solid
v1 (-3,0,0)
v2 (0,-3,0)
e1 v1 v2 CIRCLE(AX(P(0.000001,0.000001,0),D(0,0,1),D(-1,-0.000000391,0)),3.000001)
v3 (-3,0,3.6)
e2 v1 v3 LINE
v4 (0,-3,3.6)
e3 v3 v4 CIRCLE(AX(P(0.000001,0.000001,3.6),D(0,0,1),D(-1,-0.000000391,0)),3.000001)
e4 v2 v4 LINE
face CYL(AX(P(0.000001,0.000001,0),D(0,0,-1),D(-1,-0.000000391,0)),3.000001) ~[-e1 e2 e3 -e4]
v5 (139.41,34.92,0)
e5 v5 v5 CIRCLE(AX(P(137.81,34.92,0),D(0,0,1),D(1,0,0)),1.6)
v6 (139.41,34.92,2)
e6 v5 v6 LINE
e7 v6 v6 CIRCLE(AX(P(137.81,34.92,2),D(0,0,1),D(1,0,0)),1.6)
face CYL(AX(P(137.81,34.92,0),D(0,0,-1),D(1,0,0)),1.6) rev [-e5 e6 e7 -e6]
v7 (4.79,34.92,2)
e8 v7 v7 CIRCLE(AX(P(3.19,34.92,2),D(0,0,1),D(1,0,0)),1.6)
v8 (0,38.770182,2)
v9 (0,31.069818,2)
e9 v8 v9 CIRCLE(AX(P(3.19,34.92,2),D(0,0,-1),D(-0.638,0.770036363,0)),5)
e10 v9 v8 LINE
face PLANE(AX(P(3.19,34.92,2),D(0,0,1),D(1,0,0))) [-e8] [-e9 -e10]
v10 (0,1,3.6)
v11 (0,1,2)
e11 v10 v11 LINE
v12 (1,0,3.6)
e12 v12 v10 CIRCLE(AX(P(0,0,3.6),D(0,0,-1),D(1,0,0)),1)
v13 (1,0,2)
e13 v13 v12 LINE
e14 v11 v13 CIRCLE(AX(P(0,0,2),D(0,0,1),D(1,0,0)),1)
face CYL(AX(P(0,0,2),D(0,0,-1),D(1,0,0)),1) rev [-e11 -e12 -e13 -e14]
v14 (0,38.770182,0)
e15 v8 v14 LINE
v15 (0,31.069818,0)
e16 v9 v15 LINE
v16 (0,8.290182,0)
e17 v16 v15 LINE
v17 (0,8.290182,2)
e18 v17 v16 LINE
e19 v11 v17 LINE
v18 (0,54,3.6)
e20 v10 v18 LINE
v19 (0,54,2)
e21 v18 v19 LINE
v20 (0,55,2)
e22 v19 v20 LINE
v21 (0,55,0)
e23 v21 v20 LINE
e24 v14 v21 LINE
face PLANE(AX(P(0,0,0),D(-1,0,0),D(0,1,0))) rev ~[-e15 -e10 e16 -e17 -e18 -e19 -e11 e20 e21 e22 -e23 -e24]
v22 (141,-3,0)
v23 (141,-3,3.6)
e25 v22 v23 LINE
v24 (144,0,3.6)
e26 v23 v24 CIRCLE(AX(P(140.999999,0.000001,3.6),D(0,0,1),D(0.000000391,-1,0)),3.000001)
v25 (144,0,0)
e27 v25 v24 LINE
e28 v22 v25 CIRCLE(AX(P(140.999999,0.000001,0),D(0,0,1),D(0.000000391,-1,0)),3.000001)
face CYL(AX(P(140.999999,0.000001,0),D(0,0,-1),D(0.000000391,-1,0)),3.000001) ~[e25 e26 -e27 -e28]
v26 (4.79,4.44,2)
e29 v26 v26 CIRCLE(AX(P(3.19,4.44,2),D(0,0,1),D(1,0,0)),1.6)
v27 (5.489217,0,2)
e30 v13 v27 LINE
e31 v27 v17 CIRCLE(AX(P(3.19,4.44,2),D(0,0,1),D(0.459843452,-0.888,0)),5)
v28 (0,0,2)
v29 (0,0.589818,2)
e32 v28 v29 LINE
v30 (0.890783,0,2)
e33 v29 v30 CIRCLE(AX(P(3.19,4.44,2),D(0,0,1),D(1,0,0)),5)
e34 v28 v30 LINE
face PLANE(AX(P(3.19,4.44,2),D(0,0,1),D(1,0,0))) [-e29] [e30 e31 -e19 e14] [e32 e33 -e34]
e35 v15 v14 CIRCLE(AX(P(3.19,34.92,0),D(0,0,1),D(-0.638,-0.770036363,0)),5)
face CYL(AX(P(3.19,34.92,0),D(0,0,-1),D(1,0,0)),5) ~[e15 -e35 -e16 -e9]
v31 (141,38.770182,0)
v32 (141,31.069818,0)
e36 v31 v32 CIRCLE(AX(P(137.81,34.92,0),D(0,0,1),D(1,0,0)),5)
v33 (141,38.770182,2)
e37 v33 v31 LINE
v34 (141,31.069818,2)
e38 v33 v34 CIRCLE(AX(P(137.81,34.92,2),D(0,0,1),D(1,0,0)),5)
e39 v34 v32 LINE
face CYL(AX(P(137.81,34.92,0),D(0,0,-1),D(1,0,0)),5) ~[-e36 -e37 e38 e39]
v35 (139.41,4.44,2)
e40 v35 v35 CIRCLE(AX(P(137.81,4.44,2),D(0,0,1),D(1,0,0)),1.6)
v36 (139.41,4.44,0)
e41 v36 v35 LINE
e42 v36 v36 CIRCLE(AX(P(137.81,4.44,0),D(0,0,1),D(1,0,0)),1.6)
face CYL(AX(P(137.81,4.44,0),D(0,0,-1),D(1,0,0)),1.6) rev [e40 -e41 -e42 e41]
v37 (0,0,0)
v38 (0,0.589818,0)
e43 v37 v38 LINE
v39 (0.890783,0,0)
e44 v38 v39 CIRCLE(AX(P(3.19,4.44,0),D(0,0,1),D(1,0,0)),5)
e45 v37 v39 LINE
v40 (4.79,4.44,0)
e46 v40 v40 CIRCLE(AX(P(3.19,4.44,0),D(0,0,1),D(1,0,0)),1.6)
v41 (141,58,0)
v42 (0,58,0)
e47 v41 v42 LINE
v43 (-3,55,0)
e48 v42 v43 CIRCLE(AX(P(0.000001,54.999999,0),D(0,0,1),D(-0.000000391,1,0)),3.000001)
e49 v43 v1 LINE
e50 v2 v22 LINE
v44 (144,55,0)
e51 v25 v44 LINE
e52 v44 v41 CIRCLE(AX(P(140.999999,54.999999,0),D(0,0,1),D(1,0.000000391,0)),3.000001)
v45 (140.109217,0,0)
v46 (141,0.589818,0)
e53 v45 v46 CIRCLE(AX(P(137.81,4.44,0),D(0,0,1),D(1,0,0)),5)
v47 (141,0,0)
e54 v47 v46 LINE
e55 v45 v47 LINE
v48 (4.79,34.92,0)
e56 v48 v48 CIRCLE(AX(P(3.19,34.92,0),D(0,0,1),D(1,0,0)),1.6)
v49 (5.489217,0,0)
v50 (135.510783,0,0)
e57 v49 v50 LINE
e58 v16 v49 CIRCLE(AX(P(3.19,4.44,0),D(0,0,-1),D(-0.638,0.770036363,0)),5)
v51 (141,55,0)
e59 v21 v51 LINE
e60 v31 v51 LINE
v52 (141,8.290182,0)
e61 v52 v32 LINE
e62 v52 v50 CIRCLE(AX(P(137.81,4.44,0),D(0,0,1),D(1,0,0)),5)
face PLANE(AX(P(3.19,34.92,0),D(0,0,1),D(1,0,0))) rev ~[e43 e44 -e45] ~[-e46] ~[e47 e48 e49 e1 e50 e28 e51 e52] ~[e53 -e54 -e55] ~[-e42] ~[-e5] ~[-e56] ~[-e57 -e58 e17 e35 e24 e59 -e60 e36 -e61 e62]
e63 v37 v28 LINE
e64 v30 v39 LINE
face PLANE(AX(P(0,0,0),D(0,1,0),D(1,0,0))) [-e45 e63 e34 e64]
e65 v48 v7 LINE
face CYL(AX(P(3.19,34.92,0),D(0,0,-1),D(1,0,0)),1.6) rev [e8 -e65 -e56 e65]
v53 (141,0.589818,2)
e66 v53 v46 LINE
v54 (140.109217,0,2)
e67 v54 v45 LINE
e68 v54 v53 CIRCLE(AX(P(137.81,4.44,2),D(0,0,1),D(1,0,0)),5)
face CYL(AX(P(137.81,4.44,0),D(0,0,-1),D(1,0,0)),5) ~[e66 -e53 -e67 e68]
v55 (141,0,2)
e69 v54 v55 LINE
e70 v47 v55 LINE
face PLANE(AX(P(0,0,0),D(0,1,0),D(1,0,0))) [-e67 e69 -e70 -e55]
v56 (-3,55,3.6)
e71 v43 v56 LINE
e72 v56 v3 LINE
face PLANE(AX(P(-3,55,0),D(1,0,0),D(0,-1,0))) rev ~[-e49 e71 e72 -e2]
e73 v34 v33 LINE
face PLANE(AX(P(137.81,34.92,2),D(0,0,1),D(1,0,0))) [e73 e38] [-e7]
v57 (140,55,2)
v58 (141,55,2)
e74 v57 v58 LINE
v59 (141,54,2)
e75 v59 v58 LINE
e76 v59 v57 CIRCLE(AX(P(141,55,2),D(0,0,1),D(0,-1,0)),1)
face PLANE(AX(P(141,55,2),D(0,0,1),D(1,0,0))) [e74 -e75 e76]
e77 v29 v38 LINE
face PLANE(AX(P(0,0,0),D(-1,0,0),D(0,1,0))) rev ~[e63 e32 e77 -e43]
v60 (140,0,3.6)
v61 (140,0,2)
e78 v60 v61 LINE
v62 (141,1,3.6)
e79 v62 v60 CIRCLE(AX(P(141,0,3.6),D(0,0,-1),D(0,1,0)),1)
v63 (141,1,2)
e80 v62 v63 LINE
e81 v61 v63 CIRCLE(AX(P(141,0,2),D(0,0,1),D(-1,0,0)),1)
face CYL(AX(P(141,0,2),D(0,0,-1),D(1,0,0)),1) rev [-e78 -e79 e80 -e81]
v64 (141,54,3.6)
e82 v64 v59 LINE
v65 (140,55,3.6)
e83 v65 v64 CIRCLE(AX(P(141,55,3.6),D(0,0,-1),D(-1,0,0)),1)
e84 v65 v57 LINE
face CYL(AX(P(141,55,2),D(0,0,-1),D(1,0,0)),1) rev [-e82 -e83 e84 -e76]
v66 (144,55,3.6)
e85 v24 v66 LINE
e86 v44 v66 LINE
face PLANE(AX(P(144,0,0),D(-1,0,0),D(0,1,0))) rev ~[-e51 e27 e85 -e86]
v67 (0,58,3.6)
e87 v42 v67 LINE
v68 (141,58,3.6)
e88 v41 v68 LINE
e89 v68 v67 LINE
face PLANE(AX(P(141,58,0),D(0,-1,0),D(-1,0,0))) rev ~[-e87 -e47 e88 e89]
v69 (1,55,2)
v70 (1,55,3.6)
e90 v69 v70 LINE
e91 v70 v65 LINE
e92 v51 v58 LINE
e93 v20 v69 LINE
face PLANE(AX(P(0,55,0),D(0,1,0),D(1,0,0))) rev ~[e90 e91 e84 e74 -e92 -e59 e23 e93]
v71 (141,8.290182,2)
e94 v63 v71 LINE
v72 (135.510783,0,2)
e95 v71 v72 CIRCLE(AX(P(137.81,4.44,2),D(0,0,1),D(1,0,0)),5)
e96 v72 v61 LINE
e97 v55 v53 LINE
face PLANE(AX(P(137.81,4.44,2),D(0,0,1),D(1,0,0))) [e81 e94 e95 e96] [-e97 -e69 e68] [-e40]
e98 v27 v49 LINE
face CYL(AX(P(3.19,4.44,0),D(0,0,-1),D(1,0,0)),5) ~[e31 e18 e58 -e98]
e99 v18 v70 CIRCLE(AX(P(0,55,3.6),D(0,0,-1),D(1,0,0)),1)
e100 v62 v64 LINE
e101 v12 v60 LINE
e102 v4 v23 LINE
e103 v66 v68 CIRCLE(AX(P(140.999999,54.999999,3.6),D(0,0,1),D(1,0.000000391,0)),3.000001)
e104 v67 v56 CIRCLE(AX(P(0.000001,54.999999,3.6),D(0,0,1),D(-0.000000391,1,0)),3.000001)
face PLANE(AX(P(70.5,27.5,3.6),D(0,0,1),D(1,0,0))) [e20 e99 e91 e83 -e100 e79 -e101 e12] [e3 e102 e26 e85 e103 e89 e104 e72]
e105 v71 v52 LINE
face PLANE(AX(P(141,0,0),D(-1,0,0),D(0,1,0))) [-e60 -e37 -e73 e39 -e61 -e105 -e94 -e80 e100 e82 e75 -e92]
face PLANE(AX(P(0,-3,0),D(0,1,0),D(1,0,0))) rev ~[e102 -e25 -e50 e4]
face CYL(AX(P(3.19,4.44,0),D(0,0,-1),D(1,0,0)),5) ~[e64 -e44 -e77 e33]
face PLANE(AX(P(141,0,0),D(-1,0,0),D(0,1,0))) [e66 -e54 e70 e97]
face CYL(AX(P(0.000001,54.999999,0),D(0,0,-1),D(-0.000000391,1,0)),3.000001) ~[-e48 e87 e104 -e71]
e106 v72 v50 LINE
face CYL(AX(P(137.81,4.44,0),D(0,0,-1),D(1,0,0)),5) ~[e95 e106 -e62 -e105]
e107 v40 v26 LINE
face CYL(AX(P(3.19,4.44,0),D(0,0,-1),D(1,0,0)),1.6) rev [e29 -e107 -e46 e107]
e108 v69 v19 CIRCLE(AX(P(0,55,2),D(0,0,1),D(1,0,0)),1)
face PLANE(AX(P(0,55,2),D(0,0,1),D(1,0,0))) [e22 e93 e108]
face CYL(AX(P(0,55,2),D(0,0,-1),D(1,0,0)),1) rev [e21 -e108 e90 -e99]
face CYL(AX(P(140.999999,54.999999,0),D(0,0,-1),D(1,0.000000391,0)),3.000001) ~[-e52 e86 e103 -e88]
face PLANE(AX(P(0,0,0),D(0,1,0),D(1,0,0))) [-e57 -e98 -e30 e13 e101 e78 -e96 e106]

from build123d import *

# Parameters (mm, degrees)
SKETCH001_W   = 141
SKETCH001_H   = 55
PAD_DEPTH     = 3.6
SKETCH002_R   = 5
SKETCH002_R_2 = 1.6
PAD001_DEPTH  = 2
SKETCH003_R   = 1
POCKET_DEPTH  = 1.601


with BuildPart() as part:
    # Sketch001 → Pad (new body)
    with BuildSketch(Plane.XY):
        with BuildLine():
            Line((0, -3), (141, -3))
            ThreePointArc((141, -3), (143.12132, -2.12132), (144, 0))
            Line((144, 0), (144, 55))
            ThreePointArc((144, 55), (143.12132, 57.12132), (141, 58))
            Line((141, 58), (0, 58))
            ThreePointArc((0, 58), (-2.12132, 57.12132), (-3, 55))
            Line((-3, 55), (-3, 0))
            ThreePointArc((-3, 0), (-2.12132, -2.12132), (0, -3))
        make_face()
        with Locations((70.5, 27.5)):
            Rectangle(SKETCH001_W, SKETCH001_H, mode=Mode.SUBTRACT)
    extrude(amount=PAD_DEPTH)

    # Sketch002 → Pad001 (join)
    with BuildSketch(Plane.XY):
        with Locations((3.19, 34.92)):
            Circle(SKETCH002_R)
        with Locations((3.19, 34.92)):
            Circle(SKETCH002_R_2, mode=Mode.SUBTRACT)
        with Locations((3.19, 4.44)):
            Circle(SKETCH002_R)
        with Locations((3.19, 4.44)):
            Circle(SKETCH002_R_2, mode=Mode.SUBTRACT)
        with Locations((137.81, 4.44)):
            Circle(SKETCH002_R)
        with Locations((137.81, 4.44)):
            Circle(SKETCH002_R_2, mode=Mode.SUBTRACT)
        with Locations((137.81, 34.92)):
            Circle(SKETCH002_R)
        with Locations((137.81, 34.92)):
            Circle(SKETCH002_R_2, mode=Mode.SUBTRACT)
    extrude(amount=PAD001_DEPTH)

    # Sketch003 → Pocket (cut, through all)
    with BuildSketch(Plane.XY.offset(2)):
        with Locations((0, 55)):
            Circle(SKETCH003_R)
        with Locations((141, 55)):
            Circle(SKETCH003_R)
        Circle(SKETCH003_R)
        with Locations((141, 0)):
            Circle(SKETCH003_R)
    extrude(amount=POCKET_DEPTH, mode=Mode.SUBTRACT)


solid = part.part
